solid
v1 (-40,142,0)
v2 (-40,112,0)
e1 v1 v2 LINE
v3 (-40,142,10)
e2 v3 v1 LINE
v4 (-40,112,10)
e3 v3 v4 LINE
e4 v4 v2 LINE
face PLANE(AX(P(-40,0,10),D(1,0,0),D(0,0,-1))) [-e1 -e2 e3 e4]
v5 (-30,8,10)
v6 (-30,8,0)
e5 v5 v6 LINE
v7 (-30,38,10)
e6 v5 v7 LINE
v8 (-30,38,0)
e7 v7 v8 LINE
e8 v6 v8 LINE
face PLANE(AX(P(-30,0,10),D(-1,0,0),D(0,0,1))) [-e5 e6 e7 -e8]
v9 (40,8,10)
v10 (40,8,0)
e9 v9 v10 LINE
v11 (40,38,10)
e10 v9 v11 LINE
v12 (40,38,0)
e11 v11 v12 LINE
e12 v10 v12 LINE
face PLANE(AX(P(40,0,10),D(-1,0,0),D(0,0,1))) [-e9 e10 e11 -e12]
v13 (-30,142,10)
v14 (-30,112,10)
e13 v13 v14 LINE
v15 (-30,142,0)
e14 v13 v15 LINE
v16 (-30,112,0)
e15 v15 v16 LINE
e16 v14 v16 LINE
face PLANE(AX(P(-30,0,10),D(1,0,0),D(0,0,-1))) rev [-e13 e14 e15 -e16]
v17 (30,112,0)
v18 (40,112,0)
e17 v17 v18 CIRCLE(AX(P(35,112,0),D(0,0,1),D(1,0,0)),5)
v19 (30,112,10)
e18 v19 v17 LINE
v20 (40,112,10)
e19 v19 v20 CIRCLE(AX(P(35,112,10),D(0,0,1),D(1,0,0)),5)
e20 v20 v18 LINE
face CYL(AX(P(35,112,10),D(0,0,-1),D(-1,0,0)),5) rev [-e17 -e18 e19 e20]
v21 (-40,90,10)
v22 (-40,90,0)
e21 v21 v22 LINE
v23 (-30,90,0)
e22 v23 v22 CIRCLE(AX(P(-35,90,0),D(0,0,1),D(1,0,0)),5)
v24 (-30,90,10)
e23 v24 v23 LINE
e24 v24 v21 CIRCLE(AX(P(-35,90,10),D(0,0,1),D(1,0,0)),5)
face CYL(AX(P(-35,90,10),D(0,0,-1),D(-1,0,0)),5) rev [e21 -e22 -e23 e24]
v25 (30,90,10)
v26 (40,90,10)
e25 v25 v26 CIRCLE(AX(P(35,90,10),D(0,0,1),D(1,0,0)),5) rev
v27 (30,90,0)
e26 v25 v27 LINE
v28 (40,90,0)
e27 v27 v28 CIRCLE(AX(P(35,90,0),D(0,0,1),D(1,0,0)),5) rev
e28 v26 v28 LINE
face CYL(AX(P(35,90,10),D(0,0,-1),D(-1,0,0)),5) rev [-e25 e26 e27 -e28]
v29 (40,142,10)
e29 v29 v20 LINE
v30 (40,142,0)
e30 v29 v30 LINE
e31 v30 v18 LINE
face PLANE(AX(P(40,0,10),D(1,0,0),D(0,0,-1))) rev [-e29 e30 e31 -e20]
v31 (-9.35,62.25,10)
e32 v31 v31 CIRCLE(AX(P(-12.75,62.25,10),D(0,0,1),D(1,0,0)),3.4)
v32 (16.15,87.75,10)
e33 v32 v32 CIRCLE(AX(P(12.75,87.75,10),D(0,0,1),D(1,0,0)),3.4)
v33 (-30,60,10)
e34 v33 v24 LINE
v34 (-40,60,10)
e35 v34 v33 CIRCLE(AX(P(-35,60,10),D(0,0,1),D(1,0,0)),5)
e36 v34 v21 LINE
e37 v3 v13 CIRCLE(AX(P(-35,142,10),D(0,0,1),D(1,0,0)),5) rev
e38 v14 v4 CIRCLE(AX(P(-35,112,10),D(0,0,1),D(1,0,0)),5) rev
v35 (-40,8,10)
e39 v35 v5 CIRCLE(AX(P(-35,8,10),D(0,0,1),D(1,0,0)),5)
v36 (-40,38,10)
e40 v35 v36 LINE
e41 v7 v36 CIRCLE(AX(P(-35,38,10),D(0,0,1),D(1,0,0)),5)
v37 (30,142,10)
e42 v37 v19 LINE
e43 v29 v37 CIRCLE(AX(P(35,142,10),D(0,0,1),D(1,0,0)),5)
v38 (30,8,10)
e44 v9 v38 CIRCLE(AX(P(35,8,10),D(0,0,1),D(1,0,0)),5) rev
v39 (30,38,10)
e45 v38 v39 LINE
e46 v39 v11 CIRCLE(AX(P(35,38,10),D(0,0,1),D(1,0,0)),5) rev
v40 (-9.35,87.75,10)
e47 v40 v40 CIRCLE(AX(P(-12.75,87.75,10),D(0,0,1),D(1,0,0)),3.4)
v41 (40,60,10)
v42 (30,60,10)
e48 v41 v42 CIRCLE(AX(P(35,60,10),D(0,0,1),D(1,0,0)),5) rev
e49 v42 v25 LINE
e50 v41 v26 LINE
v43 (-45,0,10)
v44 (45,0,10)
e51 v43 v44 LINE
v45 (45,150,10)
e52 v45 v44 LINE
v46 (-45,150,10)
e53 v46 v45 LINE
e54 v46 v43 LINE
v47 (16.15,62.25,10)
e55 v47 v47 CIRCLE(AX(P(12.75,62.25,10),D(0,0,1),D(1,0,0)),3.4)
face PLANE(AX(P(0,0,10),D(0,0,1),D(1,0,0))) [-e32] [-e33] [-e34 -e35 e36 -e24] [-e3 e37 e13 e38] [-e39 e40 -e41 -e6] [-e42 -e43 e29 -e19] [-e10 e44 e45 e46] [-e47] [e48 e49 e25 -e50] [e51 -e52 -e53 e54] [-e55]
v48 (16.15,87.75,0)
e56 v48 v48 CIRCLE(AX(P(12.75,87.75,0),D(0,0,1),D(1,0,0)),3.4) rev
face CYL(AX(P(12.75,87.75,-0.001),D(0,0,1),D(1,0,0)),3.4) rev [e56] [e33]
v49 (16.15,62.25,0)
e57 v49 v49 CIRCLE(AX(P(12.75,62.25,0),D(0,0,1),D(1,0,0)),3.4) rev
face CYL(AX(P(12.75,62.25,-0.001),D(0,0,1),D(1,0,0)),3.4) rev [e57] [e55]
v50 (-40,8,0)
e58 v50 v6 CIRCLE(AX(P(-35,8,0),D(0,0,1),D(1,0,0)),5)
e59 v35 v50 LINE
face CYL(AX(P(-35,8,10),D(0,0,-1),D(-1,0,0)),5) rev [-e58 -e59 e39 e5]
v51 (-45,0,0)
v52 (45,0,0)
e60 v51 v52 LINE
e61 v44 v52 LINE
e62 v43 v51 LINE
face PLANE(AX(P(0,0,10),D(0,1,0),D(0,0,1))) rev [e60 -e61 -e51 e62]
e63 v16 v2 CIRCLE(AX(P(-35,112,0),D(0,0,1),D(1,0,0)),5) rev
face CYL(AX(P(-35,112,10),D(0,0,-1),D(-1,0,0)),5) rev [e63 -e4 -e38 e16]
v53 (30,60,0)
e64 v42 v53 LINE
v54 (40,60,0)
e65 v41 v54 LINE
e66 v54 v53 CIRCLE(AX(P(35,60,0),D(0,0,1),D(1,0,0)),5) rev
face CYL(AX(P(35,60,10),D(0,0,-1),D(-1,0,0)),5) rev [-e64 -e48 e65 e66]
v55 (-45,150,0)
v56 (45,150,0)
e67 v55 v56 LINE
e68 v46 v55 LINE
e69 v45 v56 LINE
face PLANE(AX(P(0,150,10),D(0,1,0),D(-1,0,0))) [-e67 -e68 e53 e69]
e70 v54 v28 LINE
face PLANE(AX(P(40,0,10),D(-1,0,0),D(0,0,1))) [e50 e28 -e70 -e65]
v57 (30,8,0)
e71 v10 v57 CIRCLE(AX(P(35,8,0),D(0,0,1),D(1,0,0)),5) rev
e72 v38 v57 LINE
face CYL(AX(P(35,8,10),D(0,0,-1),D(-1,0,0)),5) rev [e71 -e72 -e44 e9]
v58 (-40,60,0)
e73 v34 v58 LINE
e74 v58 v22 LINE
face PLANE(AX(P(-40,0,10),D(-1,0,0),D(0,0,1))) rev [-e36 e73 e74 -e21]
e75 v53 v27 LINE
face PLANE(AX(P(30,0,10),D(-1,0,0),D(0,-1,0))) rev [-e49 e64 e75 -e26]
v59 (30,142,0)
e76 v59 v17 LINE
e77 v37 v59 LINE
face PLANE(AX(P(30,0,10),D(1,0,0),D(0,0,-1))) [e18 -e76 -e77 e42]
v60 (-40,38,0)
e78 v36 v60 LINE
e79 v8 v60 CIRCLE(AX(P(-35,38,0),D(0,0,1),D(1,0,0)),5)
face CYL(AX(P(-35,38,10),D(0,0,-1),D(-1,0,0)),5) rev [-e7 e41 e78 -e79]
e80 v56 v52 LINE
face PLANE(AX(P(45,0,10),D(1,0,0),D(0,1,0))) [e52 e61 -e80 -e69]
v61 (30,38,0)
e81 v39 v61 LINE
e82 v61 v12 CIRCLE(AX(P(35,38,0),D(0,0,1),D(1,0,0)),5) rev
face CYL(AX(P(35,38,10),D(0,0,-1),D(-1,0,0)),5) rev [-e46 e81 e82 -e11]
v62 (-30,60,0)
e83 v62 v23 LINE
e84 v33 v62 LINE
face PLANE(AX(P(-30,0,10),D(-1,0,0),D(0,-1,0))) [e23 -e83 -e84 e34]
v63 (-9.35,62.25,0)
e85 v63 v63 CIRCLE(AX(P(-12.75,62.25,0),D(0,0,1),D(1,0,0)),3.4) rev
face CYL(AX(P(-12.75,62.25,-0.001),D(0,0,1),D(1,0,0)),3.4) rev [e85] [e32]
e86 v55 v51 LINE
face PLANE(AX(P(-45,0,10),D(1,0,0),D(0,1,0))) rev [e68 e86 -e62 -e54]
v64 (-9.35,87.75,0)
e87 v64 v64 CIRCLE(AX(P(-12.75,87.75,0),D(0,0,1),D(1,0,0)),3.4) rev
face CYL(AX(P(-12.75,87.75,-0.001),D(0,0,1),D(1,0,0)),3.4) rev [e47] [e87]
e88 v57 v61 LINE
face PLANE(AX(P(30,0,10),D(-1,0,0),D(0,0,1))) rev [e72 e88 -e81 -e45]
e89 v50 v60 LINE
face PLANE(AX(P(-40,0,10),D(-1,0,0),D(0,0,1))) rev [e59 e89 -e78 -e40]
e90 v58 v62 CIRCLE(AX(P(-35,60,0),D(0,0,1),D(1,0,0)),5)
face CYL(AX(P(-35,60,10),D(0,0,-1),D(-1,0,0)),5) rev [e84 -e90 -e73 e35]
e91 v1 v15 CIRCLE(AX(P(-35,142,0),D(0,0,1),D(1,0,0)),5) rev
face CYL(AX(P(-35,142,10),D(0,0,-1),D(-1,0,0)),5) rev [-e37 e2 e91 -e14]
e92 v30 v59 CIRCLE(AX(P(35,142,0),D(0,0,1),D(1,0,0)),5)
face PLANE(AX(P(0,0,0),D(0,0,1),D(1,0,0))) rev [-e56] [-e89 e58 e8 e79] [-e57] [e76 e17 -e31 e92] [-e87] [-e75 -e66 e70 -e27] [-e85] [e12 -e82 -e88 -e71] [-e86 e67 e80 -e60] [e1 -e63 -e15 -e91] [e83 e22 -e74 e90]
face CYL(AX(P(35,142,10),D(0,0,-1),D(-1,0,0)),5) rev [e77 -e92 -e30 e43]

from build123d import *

# Parameters (mm, degrees)
SKETCH_2_W          = 90
SKETCH_2_H          = 150
EXTRUDE_1_DEPTH     = 10
SKETCH_3_W          = 57.822110836
SKETCH_3_H          = 142.808753936
EXTRUDE_2_DEPTH     = 10
CUT_EXTRUDE_1_REACH = 12
SKETCH_10_R         = 3.4


with BuildPart() as part:
    # 草圖2 → 填料-伸長1 (new body)
    with BuildSketch(Plane.XY):
        with Locations((0, 75)):
            Rectangle(SKETCH_2_W, SKETCH_2_H)
        with BuildLine():
            Line((40, 142), (40, 112))
            ThreePointArc((40, 112), (35, 107), (30, 112))
            Line((30, 112), (30, 142))
            ThreePointArc((30, 142), (35, 147), (40, 142))
        make_face(mode=Mode.SUBTRACT)
        with BuildLine():
            Line((27, 139.5), (27, 114.5))
            ThreePointArc((27, 114.5), (23.75, 111.25), (20.5, 114.5))
            Line((20.5, 114.5), (20.5, 139.5))
            ThreePointArc((20.5, 139.5), (23.75, 142.75), (27, 139.5))
        make_face(mode=Mode.SUBTRACT)
        with BuildLine():
            Line((-40, 142), (-40, 112))
            ThreePointArc((-40, 112), (-35, 107), (-30, 112))
            Line((-30, 112), (-30, 142))
            ThreePointArc((-30, 142), (-35, 147), (-40, 142))
        make_face(mode=Mode.SUBTRACT)
        with BuildLine():
            Line((-27, 139.5), (-27, 114.5))
            ThreePointArc((-27, 114.5), (-23.75, 111.25), (-20.5, 114.5))
            Line((-20.5, 114.5), (-20.5, 139.5))
            ThreePointArc((-20.5, 139.5), (-23.75, 142.75), (-27, 139.5))
        make_face(mode=Mode.SUBTRACT)
        with BuildLine():
            Line((40, 60), (40, 90))
            ThreePointArc((40, 90), (35, 95), (30, 90))
            Line((30, 90), (30, 60))
            ThreePointArc((30, 60), (35, 55), (40, 60))
        make_face(mode=Mode.SUBTRACT)
        with BuildLine():
            Line((27, 62.5), (27, 87.5))
            ThreePointArc((27, 87.5), (23.75, 90.75), (20.5, 87.5))
            Line((20.5, 87.5), (20.5, 62.5))
            ThreePointArc((20.5, 62.5), (23.75, 59.25), (27, 62.5))
        make_face(mode=Mode.SUBTRACT)
        with BuildLine():
            Line((-40, 60), (-40, 90))
            ThreePointArc((-40, 90), (-35, 95), (-30, 90))
            Line((-30, 90), (-30, 60))
            ThreePointArc((-30, 60), (-35, 55), (-40, 60))
        make_face(mode=Mode.SUBTRACT)
        with BuildLine():
            Line((-27, 62.5), (-27, 87.5))
            ThreePointArc((-27, 87.5), (-23.75, 90.75), (-20.5, 87.5))
            Line((-20.5, 87.5), (-20.5, 62.5))
            ThreePointArc((-20.5, 62.5), (-23.75, 59.25), (-27, 62.5))
        make_face(mode=Mode.SUBTRACT)
        with BuildLine():
            Line((-40, 8), (-40, 38))
            ThreePointArc((-40, 38), (-35, 43), (-30, 38))
            Line((-30, 38), (-30, 8))
            ThreePointArc((-30, 8), (-35, 3), (-40, 8))
        make_face(mode=Mode.SUBTRACT)
        with BuildLine():
            Line((-27, 10.5), (-27, 35.5))
            ThreePointArc((-27, 35.5), (-23.75, 38.75), (-20.5, 35.5))
            Line((-20.5, 35.5), (-20.5, 10.5))
            ThreePointArc((-20.5, 10.5), (-23.75, 7.25), (-27, 10.5))
        make_face(mode=Mode.SUBTRACT)
        with BuildLine():
            Line((40, 8), (40, 38))
            ThreePointArc((40, 38), (35, 43), (30, 38))
            Line((30, 38), (30, 8))
            ThreePointArc((30, 8), (35, 3), (40, 8))
        make_face(mode=Mode.SUBTRACT)
        with BuildLine():
            Line((27, 10.5), (27, 35.5))
            ThreePointArc((27, 35.5), (23.75, 38.75), (20.5, 35.5))
            Line((20.5, 35.5), (20.5, 10.5))
            ThreePointArc((20.5, 10.5), (23.75, 7.25), (27, 10.5))
        make_face(mode=Mode.SUBTRACT)
    extrude(amount=EXTRUDE_1_DEPTH)

    # 草圖3 → 填料-伸長2 (add)
    with BuildSketch(Plane.XY.offset(10)):
        with Locations((-0.145737049, 74.293544629)):
            Rectangle(SKETCH_3_W, SKETCH_3_H)
    extrude(amount=-EXTRUDE_2_DEPTH)

    # 草圖10 → 除料-伸長1 (cut, up to next)
    with BuildSketch(Plane.XY.offset(10), mode=Mode.PRIVATE) as cut_extrude_1_sk1:
        with Locations((12.75, 62.25)):
            Circle(SKETCH_10_R)
    cut_extrude_1_tool1 = extrude(cut_extrude_1_sk1.sketch, amount=-CUT_EXTRUDE_1_REACH, mode=Mode.PRIVATE) & part.part
    add(cut_extrude_1_tool1.solids().sort_by_distance((12.75, 62.25, 10))[0], mode=Mode.SUBTRACT)
    # 草圖10 → 除料-伸長1 (cut, up to next)
    with BuildSketch(Plane.XY.offset(10), mode=Mode.PRIVATE) as cut_extrude_1_sk2:
        with Locations((-12.75, 62.25)):
            Circle(SKETCH_10_R)
    cut_extrude_1_tool2 = extrude(cut_extrude_1_sk2.sketch, amount=-CUT_EXTRUDE_1_REACH, mode=Mode.PRIVATE) & part.part
    add(cut_extrude_1_tool2.solids().sort_by_distance((-12.75, 62.25, 10))[0], mode=Mode.SUBTRACT)
    # 草圖10 → 除料-伸長1 (cut, up to next)
    with BuildSketch(Plane.XY.offset(10), mode=Mode.PRIVATE) as cut_extrude_1_sk3:
        with Locations((12.75, 87.75)):
            Circle(SKETCH_10_R)
    cut_extrude_1_tool3 = extrude(cut_extrude_1_sk3.sketch, amount=-CUT_EXTRUDE_1_REACH, mode=Mode.PRIVATE) & part.part
    add(cut_extrude_1_tool3.solids().sort_by_distance((12.75, 87.75, 10))[0], mode=Mode.SUBTRACT)
    # 草圖10 → 除料-伸長1 (cut, up to next)
    with BuildSketch(Plane.XY.offset(10), mode=Mode.PRIVATE) as cut_extrude_1_sk4:
        with Locations((-12.75, 87.75)):
            Circle(SKETCH_10_R)
    cut_extrude_1_tool4 = extrude(cut_extrude_1_sk4.sketch, amount=-CUT_EXTRUDE_1_REACH, mode=Mode.PRIVATE) & part.part
    add(cut_extrude_1_tool4.solids().sort_by_distance((-12.75, 87.75, 10))[0], mode=Mode.SUBTRACT)


solid = part.part
